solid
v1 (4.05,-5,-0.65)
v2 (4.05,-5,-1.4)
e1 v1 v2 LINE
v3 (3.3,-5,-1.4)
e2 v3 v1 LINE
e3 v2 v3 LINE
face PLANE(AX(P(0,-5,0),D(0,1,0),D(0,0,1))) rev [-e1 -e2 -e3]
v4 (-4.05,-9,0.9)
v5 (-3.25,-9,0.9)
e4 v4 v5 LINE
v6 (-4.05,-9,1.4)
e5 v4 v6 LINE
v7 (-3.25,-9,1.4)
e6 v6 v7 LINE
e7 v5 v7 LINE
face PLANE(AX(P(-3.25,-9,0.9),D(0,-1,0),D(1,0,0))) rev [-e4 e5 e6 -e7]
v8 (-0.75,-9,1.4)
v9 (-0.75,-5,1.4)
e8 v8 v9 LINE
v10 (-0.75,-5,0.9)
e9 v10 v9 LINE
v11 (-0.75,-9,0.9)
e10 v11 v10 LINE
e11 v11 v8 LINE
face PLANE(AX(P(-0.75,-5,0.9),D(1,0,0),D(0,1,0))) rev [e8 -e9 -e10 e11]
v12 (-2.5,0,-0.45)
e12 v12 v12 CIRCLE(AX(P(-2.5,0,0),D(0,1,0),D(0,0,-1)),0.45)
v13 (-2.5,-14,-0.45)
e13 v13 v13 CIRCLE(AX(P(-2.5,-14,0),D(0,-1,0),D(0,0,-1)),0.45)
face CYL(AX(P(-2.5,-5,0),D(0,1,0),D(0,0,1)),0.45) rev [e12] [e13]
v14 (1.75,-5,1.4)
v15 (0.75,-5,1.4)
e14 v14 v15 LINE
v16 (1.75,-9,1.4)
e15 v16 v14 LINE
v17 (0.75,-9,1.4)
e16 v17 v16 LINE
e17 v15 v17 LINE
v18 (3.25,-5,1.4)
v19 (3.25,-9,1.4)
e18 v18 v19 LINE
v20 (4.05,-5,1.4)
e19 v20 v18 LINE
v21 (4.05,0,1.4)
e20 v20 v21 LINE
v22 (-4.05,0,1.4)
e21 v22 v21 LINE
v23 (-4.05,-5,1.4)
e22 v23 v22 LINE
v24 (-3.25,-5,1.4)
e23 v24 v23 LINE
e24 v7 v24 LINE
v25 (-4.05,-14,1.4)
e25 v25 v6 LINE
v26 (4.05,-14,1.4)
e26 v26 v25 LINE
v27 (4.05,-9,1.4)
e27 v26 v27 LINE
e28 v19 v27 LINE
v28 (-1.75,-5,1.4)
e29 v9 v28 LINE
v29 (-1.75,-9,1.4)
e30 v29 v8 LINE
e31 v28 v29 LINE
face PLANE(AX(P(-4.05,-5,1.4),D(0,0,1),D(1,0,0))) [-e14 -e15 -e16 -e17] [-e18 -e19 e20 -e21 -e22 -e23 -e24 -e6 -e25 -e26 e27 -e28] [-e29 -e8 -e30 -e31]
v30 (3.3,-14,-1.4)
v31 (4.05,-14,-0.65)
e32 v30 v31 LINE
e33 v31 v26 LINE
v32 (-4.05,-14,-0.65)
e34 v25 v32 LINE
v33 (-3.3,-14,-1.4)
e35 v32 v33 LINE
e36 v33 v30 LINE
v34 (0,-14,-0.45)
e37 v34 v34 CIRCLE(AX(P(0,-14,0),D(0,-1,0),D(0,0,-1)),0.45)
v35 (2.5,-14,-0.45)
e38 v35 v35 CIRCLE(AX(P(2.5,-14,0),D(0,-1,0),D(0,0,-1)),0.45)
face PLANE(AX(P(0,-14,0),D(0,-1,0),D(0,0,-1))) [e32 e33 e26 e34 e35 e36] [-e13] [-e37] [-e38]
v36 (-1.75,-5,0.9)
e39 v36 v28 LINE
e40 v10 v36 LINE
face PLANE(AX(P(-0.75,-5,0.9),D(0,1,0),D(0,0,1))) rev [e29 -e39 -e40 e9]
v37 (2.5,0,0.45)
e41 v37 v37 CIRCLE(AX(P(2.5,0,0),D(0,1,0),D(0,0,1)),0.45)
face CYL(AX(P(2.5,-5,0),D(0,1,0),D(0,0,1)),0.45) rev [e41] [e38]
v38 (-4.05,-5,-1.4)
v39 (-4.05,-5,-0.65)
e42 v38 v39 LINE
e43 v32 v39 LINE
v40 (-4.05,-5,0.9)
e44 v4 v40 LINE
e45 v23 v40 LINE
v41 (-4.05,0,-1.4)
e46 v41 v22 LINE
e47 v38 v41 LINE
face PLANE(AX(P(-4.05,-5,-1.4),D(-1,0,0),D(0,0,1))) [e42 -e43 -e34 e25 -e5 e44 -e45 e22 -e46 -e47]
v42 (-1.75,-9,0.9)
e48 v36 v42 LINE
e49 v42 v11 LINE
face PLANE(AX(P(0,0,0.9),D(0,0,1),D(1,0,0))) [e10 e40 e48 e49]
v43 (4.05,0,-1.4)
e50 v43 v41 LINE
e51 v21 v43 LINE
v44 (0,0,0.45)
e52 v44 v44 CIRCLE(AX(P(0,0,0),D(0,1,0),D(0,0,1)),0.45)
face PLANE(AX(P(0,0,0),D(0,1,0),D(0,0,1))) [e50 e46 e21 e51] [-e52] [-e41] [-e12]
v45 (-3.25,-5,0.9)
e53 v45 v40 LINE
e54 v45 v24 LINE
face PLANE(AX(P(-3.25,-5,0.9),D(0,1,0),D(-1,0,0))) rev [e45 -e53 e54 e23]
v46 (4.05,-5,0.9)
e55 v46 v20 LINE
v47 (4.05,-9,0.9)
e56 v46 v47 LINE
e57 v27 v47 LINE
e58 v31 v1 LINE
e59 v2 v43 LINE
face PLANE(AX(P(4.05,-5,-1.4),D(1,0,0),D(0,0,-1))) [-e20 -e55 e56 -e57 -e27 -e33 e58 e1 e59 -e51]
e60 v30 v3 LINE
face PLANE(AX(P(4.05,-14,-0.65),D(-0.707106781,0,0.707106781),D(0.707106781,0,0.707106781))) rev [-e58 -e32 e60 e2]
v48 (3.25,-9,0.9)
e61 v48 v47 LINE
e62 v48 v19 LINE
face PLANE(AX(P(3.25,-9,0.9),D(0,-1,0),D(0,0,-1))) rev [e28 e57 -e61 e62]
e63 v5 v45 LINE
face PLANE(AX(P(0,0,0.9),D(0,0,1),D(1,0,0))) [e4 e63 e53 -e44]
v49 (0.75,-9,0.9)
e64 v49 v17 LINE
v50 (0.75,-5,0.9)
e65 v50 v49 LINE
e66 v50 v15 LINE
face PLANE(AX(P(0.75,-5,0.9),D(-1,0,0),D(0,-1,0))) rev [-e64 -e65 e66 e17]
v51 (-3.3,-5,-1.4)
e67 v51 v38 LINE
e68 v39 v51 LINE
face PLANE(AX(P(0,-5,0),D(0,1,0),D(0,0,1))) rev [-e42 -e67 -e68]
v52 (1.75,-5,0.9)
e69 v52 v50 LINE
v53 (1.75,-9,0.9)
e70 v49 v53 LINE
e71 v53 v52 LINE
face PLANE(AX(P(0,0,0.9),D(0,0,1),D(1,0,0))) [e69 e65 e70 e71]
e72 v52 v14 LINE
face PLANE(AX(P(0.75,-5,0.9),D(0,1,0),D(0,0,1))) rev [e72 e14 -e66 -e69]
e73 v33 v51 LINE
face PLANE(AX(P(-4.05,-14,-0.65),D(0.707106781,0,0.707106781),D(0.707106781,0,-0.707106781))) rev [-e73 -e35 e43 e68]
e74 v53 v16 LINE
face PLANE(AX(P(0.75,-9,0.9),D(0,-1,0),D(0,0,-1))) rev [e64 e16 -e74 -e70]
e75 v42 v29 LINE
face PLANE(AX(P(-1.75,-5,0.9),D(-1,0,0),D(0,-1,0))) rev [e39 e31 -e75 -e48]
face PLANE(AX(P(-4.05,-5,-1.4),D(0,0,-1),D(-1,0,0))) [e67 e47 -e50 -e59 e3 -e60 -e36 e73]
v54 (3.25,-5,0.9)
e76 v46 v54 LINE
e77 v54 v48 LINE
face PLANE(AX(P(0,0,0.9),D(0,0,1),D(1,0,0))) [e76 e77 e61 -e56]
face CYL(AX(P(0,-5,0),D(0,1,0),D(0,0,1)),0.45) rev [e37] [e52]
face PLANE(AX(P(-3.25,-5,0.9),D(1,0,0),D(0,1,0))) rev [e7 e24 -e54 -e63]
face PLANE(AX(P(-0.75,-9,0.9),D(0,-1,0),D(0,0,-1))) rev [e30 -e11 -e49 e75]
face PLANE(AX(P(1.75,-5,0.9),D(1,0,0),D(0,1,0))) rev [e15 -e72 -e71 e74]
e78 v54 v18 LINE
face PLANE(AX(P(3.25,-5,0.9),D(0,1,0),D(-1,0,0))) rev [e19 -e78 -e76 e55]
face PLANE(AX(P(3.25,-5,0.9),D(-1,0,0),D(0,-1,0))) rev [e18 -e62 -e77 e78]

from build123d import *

# Parameters (mm, degrees)
SKETCH3_W           = 8.1
SKETCH3_H           = 2.8
SKETCH3_R           = 0.45
BOSS_EXTRUDE1_DEPTH = 5
SKETCH4_R           = 0.45
BOSS_EXTRUDE4_DEPTH = 9
SKETCH7_W           = 1
SKETCH7_H           = 4
CUT_EXTRUDE2_DEPTH  = 0.5


with BuildPart() as part:
    # Sketch3 → Boss-Extrude1 (new body)
    with BuildSketch(Plane(origin=(0, 0, 0), x_dir=(1, 0, 0), z_dir=(0, 1, 0))):
        Rectangle(SKETCH3_W, SKETCH3_H)
        with Locations((2.5, 0)):
            Circle(SKETCH3_R, mode=Mode.SUBTRACT)
        with Locations((-2.5, 0)):
            Circle(SKETCH3_R, mode=Mode.SUBTRACT)
        Circle(SKETCH3_R, mode=Mode.SUBTRACT)
    extrude(amount=-BOSS_EXTRUDE1_DEPTH)

    # Sketch4 → Boss-Extrude4 (add)
    with BuildSketch(Plane.XZ.offset(5)):
        Polygon((4.05, -0.65), (3.3, -1.4), (-3.3, -1.4), (-4.05, -0.65), (-4.05, 1.4), (4.05, 1.4), align=None)
        with Locations((2.5, 0)):
            Circle(SKETCH4_R, mode=Mode.SUBTRACT)
        Circle(SKETCH4_R, mode=Mode.SUBTRACT)
        with Locations((-2.5, 0)):
            Circle(SKETCH4_R, mode=Mode.SUBTRACT)
    extrude(amount=BOSS_EXTRUDE4_DEPTH)

    # Sketch7 → Cut-Extrude2 (cut)
    with BuildSketch(Plane.XY.offset(1.4)):
        with Locations((-3.75, -7)):
            Rectangle(SKETCH7_W, SKETCH7_H)
        with Locations((3.75, -7)):
            Rectangle(SKETCH7_W, SKETCH7_H)
        with Locations((-1.25, -7)):
            Rectangle(SKETCH7_W, SKETCH7_H)
        with Locations((1.25, -7)):
            Rectangle(SKETCH7_W, SKETCH7_H)
    extrude(amount=-CUT_EXTRUDE2_DEPTH, mode=Mode.SUBTRACT)


solid = part.part
